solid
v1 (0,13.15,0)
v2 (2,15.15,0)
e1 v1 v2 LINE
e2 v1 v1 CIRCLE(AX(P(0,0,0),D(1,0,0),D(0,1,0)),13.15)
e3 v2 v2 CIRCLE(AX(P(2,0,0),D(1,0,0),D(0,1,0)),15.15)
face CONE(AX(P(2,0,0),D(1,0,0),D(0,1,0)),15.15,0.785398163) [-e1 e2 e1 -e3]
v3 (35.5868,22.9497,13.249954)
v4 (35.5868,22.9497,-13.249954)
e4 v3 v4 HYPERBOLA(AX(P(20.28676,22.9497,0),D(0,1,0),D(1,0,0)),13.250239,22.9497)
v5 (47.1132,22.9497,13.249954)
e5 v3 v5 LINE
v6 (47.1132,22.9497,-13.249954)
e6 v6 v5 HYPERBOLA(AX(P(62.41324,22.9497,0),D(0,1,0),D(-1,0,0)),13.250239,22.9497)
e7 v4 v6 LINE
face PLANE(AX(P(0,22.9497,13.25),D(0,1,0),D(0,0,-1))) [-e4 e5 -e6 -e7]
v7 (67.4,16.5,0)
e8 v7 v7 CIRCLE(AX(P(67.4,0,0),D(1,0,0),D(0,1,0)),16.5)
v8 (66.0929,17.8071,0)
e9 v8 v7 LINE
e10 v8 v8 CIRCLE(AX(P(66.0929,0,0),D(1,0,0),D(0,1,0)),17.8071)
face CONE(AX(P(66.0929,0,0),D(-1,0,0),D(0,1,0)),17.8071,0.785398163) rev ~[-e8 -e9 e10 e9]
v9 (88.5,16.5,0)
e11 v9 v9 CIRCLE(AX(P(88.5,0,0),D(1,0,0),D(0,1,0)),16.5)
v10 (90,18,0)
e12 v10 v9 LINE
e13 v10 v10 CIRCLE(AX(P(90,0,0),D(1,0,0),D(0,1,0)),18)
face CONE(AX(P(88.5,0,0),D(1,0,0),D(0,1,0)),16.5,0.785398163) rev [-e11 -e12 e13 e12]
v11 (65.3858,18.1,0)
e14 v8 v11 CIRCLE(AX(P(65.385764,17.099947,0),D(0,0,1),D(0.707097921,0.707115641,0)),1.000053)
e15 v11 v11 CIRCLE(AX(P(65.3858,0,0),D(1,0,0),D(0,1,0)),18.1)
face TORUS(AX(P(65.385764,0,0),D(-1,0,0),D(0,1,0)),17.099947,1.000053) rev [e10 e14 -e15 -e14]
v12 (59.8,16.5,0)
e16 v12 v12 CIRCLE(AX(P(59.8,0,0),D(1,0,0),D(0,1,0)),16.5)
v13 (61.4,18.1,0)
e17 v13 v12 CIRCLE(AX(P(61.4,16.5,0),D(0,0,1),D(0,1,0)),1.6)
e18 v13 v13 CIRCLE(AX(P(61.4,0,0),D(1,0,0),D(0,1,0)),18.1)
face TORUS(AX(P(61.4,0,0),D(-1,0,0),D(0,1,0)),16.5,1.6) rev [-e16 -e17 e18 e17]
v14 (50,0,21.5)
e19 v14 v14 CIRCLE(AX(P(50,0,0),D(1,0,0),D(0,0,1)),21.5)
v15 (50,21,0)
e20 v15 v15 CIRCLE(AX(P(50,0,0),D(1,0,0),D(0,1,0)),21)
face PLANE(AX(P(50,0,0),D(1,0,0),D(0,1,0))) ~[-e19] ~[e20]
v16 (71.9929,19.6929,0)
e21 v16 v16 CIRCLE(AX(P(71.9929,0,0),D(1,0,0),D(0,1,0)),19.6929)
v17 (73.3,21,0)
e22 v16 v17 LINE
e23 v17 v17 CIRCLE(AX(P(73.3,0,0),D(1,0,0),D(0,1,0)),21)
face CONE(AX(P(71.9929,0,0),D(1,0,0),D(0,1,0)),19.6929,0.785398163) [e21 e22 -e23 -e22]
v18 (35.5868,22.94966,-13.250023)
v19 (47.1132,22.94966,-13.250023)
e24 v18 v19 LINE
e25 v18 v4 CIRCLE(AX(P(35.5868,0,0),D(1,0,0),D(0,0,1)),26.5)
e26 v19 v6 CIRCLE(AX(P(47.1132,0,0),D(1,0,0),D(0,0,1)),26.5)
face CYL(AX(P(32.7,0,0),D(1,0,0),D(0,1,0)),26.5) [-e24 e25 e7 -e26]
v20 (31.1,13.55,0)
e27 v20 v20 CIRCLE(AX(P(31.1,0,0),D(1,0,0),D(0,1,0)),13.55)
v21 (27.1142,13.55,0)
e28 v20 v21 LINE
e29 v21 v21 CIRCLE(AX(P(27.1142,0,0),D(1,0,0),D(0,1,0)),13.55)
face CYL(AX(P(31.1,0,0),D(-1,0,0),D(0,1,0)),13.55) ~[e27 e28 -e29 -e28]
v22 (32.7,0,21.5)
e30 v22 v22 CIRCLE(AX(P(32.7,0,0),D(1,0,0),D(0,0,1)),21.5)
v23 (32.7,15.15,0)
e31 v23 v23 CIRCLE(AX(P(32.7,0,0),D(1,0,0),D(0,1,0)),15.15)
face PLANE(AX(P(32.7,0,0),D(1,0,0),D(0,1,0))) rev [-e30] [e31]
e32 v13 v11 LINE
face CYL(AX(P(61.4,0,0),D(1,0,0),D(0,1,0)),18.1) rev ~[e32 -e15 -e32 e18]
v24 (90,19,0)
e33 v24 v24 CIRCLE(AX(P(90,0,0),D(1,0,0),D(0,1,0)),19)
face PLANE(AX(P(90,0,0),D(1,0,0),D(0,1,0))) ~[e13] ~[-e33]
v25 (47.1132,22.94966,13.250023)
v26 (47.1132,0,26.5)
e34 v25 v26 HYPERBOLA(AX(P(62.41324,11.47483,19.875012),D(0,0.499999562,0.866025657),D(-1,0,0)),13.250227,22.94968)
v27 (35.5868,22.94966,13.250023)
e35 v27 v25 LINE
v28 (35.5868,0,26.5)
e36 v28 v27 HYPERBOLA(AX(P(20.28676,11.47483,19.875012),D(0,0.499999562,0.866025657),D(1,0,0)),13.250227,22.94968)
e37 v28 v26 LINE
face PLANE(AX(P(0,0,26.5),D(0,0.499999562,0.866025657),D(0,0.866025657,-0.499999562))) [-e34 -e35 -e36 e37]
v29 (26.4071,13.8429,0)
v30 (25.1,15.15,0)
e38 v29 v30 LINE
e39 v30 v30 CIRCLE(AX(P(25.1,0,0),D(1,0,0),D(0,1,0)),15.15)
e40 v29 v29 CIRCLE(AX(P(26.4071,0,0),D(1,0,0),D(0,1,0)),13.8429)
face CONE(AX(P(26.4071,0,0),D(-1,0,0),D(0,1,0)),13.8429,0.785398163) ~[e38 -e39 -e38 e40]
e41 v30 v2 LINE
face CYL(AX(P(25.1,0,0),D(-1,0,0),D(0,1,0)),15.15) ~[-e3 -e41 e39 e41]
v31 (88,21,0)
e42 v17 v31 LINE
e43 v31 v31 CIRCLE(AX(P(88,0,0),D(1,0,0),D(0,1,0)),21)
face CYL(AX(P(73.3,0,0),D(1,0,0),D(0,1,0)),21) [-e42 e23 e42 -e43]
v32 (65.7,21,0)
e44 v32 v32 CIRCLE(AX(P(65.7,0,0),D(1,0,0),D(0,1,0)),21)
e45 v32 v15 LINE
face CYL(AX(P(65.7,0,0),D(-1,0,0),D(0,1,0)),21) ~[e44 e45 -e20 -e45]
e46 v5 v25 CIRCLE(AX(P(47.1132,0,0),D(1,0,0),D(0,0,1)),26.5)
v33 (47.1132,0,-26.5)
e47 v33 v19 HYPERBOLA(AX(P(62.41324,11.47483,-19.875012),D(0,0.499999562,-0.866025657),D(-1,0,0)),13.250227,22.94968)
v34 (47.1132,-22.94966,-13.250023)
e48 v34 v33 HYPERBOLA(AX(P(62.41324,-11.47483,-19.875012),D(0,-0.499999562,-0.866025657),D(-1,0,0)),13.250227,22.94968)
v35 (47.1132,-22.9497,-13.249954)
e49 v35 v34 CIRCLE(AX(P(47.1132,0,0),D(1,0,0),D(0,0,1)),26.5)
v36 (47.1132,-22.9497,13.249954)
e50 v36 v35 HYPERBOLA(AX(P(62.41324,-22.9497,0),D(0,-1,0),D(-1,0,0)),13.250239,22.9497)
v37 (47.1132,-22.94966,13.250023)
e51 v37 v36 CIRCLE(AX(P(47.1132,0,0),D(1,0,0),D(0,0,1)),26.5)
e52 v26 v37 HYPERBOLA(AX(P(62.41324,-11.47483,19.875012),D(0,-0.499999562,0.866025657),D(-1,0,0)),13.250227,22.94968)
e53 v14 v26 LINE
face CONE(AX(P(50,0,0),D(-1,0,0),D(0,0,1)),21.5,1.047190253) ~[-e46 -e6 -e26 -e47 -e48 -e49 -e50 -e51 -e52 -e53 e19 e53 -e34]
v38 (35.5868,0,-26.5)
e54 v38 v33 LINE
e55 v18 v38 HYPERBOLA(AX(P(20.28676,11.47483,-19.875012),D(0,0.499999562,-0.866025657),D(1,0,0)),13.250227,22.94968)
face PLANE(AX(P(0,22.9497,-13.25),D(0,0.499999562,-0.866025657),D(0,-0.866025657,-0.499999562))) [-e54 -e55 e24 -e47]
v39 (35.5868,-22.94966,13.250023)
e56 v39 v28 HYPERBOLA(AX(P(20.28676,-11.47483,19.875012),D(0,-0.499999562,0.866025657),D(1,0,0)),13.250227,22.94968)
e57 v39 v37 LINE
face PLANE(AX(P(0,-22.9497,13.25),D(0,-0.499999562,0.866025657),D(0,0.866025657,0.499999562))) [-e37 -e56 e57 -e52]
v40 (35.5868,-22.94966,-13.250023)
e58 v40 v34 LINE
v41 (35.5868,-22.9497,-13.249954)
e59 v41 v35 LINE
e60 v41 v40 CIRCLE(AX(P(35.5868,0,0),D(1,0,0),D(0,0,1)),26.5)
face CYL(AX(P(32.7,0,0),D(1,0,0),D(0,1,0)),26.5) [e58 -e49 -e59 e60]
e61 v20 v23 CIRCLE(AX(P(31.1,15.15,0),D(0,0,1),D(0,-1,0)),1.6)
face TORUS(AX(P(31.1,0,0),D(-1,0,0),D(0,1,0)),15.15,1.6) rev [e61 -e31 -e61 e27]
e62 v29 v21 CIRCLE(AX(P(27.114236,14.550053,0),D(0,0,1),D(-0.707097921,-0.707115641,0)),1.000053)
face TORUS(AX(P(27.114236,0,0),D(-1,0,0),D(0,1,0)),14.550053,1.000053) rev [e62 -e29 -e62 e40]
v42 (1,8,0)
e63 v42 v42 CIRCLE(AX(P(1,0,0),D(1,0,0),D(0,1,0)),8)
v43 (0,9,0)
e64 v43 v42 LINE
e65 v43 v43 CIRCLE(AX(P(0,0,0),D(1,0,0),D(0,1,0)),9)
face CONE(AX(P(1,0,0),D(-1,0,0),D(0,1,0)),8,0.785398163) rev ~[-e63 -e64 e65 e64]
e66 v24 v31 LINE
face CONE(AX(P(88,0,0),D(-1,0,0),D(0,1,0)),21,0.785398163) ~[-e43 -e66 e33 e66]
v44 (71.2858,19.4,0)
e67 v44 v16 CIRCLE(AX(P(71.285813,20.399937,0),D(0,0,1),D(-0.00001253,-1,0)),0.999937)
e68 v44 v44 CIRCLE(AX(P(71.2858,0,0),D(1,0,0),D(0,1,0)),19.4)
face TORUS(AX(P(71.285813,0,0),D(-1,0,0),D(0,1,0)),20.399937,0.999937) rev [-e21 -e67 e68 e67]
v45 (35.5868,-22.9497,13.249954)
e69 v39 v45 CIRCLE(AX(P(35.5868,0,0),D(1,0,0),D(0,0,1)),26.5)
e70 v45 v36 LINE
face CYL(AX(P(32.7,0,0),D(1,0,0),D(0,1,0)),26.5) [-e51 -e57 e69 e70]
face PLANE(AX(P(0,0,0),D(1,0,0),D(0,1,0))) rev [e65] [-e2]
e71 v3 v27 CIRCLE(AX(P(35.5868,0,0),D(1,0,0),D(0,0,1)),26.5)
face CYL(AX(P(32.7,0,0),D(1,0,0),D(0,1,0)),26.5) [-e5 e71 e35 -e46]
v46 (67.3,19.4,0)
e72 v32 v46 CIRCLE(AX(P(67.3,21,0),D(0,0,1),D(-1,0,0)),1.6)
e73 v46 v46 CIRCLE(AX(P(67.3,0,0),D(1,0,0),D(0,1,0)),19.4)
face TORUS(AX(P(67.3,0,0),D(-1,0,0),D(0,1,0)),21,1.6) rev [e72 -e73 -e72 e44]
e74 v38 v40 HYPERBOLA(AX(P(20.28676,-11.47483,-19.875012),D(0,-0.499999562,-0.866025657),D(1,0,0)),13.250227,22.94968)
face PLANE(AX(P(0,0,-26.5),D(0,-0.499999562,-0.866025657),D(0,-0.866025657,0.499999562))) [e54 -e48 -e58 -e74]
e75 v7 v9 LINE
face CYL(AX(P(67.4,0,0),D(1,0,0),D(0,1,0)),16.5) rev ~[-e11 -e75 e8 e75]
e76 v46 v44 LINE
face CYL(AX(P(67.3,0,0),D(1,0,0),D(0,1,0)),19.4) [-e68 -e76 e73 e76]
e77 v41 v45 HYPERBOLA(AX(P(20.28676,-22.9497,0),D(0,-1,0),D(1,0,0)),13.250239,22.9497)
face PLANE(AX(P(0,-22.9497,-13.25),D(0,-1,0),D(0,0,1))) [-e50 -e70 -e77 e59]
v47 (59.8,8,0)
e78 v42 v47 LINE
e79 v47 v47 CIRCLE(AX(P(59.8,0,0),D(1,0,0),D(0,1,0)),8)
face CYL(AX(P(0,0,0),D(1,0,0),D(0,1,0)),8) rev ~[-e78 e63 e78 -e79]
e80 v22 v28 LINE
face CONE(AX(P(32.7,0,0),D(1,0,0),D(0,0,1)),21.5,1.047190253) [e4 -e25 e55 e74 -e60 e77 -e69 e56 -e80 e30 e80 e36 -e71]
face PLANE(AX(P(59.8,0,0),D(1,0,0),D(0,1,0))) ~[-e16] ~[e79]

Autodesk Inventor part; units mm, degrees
ref_plane "YZ Plane" through (0, 0, 0) normal (1, 0, 0) x (0, 1, 0)
ref_plane "XZ Plane" through (0, 0, 0) normal (0, 1, 0) x (-1, 0, 0)
ref_plane "XY Plane" through (0, 0, 0) normal (0, 0, 1) x (1, 0, 0)
sketch "Эскиз1" plane through (0, 0, 0) normal (0, 0, 1) x (1, 0, 0)
  line L0 (0, 8) -> (0, 15.15)
  line L1 (32.7, 15.15) -> (32.7, 15.15)
  line L2 (31.1, 13.55) -> (27.1142, 13.55)
  line L3 (26.4071, 13.8429) -> (25.1, 15.15)
  line L4 (25.1, 15.15) -> (0, 15.15)
  line L5 (-18, 0) -> (108, 0) projected
  arc A0 (31.1, 13.55) -> (32.7, 15.15) centre (31.1, 15.15) ccw
  arc A1 (26.4071, 13.8429) -> (27.1142, 13.55) centre (27.1142, 14.55) ccw
  line L6 (0, 8) -> (59.8, 8)
  line L7 (65.7, 21) -> (50, 21)
  line L8 (50, 21) -> (50, 26.5)
  line L9 (65.7, 21) -> (65.7, 21)
  line L10 (67.3, 19.4) -> (71.2858, 19.4)
  line L11 (71.9929, 19.6929) -> (73.3, 21)
  line L12 (73.3, 21) -> (90, 21)
  arc A2 (65.7, 21) -> (67.3, 19.4) centre (67.3, 21) ccw
  arc A3 (71.2858, 19.4) -> (71.9929, 19.6929) centre (71.2858, 20.4) ccw
  line L13 (32.7, 15.15) -> (32.7, 26.5)
  line L14 (32.7, 26.5) -> (50, 26.5)
  line L15 (59.8, 8) -> (59.8, 16.5)
  line L16 (59.8, 16.5) -> (59.8, 16.5)
  line L17 (61.4, 18.1) -> (65.3858, 18.1)
  line L18 (66.0929, 17.8071) -> (67.4, 16.5)
  line L19 (67.4, 16.5) -> (90, 16.5)
  line L20 (90, 16.5) -> (90, 21)
  arc A4 (66.0929, 17.8071) -> (65.3858, 18.1) centre (65.3858, 17.1) ccw
  arc A5 (61.4, 18.1) -> (59.8, 16.5) centre (61.4, 16.5) ccw
  point P0 (0, 0)
  point P1 (32.7, 13.55)
  point P2 (26.7, 13.55)
  point P3 (65.7, 19.4)
  point P4 (71.7, 19.4)
  point P5 (59.8, 18.1)
  point P6 (65.8, 18.1)
  dimension "d0" = 8
  dimension "d1" = 7.15
  dimension "d2" = 32.7
  dimension "d4" = 1.6
  dimension "d5" = 6
  dimension "d6" = 135
  dimension "d7" = 13.55
  dimension "d9" = 1.6
  dimension "d10" = 1
  dimension "d11" = 59.8
  dimension "d14" = 24.3
  dimension "d15" = 1.6
  dimension "d16" = 6
  dimension "d17" = 135
  dimension "d18" = 19.4
  dimension "d19" = 1.6
  dimension "d20" = 1
  dimension "d22" = 30.2
  dimension "d24" = 26.5
  dimension "d25" = 1.6
  dimension "d26" = 6
  dimension "d27" = 135
  dimension "d28" = 1
  dimension "d29" = 1.6
  dimension "d30" = 90
  dimension "d31" = 21
  dimension "d32" = 16.5
  dimension "d33" = 18.1
  dimension "d34" = 8
  dimension "d35" = 40
revolve "Вращение1" add sketch "Эскиз1" angle 360 about axis through (-10, 0, 0) along (1, 0, 0)
sketch "Эскиз2" plane through (0, 0, 0) normal (0, 1, 0) x (-1, 0, 0)
  line L0 (-32.7, 15.15) -> (-32.7, -15.15) projected
  line L1 (-32.7, 26.5) -> (-32.7, -26.5) projected
  line L2 (-32.7, 21.5) -> (-35.5868, 26.5)
  line L3 (-32.7, 21.5) -> (-26.9265, 21.5) construction
  line L4 (-32.7, 21.5) -> (-50, 21.5)
  line L5 (-50, 26.5) -> (-50, -26.5) projected
  line L6 (-50, 21.5) -> (-47.1132, 26.5)
  line L7 (-32.7, 26.5) -> (-50, 26.5) projected
  line L8 (-50, 21.5) -> (-44.2265, 21.5) construction
  line L9 (-47.1132, 26.5) -> (-50, 26.5)
  line L10 (-50, 26.5) -> (-50, 21.5)
  line L11 (-32.7, 21.5) -> (-32.7, 26.5)
  line L12 (-35.5868, 26.5) -> (-32.7, 26.5)
  line L13 (18, 0) -> (-108, 0) projected
  point P0 (0, 0)
  dimension "d38" = 120
  dimension "d39" = 60
  dimension "d45" = 21.5
  dimension "d46" = 26.5
  dimension "d47" = 2.8868
revolve "Вращение2" cut sketch "Эскиз2" angle 360 about axis through (-10, 0, 0) along (1, 0, 0) contours L2 L7 L1 | L5 L7 L6
sketch "Эскиз3" plane through (0, 0, 0) normal (1, 0, 0) x (0, 1, 0)
  line L0 (0, 26.5) -> (22.9497, 13.25)
  line L1 (22.9497, 13.25) -> (22.9497, -13.25)
  line L2 (22.9497, -13.25) -> (0, -26.5)
  line L3 (0, -26.5) -> (-22.9497, -13.25)
  line L4 (-22.9497, -13.25) -> (-22.9497, 13.25)
  line L5 (-22.9497, 13.25) -> (0, 26.5)
  line L6 (0, 34.2752) -> (29.6832, 17.1376)
  line L7 (29.6832, 17.1376) -> (29.6832, -17.1376)
  line L8 (29.6832, -17.1376) -> (0, -34.2752)
  line L9 (0, -34.2752) -> (-29.6832, -17.1376)
  line L10 (-29.6832, -17.1376) -> (-29.6832, 17.1376)
  line L11 (-29.6832, 17.1376) -> (0, 34.2752)
  point P0 (0, 0)
  point P1 (0, 0)
  point P2 (0, 0)
  point P3 (0, 0)
  dimension "d41" = 6.7335
  dimension "d42" = 52.6329
extrude "Выдавливание1" cut sketch "Эскиз3" along normal blind 271
chamfer "Фаска1" distance 2 angle 45 1 edges at (90, -21, 0)
chamfer "Фаска2" distance 1.5 angle 45 1 edges at (90, -16.5, 0)
chamfer "Фаска3" distance 2 angle 45 1 edges at (0, -15.15, 0)
chamfer "Фаска4" distance 1 angle 45 1 edges at (0, -8, 0)
thread "Резьба1" size "G30.201x1.814" designation "G 7/8" class "A" standard "DIN Pipe Threads" length 27
thread "Резьба2" size "M42x1.5" class "6g" standard "ANSI Metric M Profile" length 27
thread "Резьба3" size "M33x3.5" class "6H" standard "ANSI Metric M Profile" length 27
properties part number "Штуцер"
